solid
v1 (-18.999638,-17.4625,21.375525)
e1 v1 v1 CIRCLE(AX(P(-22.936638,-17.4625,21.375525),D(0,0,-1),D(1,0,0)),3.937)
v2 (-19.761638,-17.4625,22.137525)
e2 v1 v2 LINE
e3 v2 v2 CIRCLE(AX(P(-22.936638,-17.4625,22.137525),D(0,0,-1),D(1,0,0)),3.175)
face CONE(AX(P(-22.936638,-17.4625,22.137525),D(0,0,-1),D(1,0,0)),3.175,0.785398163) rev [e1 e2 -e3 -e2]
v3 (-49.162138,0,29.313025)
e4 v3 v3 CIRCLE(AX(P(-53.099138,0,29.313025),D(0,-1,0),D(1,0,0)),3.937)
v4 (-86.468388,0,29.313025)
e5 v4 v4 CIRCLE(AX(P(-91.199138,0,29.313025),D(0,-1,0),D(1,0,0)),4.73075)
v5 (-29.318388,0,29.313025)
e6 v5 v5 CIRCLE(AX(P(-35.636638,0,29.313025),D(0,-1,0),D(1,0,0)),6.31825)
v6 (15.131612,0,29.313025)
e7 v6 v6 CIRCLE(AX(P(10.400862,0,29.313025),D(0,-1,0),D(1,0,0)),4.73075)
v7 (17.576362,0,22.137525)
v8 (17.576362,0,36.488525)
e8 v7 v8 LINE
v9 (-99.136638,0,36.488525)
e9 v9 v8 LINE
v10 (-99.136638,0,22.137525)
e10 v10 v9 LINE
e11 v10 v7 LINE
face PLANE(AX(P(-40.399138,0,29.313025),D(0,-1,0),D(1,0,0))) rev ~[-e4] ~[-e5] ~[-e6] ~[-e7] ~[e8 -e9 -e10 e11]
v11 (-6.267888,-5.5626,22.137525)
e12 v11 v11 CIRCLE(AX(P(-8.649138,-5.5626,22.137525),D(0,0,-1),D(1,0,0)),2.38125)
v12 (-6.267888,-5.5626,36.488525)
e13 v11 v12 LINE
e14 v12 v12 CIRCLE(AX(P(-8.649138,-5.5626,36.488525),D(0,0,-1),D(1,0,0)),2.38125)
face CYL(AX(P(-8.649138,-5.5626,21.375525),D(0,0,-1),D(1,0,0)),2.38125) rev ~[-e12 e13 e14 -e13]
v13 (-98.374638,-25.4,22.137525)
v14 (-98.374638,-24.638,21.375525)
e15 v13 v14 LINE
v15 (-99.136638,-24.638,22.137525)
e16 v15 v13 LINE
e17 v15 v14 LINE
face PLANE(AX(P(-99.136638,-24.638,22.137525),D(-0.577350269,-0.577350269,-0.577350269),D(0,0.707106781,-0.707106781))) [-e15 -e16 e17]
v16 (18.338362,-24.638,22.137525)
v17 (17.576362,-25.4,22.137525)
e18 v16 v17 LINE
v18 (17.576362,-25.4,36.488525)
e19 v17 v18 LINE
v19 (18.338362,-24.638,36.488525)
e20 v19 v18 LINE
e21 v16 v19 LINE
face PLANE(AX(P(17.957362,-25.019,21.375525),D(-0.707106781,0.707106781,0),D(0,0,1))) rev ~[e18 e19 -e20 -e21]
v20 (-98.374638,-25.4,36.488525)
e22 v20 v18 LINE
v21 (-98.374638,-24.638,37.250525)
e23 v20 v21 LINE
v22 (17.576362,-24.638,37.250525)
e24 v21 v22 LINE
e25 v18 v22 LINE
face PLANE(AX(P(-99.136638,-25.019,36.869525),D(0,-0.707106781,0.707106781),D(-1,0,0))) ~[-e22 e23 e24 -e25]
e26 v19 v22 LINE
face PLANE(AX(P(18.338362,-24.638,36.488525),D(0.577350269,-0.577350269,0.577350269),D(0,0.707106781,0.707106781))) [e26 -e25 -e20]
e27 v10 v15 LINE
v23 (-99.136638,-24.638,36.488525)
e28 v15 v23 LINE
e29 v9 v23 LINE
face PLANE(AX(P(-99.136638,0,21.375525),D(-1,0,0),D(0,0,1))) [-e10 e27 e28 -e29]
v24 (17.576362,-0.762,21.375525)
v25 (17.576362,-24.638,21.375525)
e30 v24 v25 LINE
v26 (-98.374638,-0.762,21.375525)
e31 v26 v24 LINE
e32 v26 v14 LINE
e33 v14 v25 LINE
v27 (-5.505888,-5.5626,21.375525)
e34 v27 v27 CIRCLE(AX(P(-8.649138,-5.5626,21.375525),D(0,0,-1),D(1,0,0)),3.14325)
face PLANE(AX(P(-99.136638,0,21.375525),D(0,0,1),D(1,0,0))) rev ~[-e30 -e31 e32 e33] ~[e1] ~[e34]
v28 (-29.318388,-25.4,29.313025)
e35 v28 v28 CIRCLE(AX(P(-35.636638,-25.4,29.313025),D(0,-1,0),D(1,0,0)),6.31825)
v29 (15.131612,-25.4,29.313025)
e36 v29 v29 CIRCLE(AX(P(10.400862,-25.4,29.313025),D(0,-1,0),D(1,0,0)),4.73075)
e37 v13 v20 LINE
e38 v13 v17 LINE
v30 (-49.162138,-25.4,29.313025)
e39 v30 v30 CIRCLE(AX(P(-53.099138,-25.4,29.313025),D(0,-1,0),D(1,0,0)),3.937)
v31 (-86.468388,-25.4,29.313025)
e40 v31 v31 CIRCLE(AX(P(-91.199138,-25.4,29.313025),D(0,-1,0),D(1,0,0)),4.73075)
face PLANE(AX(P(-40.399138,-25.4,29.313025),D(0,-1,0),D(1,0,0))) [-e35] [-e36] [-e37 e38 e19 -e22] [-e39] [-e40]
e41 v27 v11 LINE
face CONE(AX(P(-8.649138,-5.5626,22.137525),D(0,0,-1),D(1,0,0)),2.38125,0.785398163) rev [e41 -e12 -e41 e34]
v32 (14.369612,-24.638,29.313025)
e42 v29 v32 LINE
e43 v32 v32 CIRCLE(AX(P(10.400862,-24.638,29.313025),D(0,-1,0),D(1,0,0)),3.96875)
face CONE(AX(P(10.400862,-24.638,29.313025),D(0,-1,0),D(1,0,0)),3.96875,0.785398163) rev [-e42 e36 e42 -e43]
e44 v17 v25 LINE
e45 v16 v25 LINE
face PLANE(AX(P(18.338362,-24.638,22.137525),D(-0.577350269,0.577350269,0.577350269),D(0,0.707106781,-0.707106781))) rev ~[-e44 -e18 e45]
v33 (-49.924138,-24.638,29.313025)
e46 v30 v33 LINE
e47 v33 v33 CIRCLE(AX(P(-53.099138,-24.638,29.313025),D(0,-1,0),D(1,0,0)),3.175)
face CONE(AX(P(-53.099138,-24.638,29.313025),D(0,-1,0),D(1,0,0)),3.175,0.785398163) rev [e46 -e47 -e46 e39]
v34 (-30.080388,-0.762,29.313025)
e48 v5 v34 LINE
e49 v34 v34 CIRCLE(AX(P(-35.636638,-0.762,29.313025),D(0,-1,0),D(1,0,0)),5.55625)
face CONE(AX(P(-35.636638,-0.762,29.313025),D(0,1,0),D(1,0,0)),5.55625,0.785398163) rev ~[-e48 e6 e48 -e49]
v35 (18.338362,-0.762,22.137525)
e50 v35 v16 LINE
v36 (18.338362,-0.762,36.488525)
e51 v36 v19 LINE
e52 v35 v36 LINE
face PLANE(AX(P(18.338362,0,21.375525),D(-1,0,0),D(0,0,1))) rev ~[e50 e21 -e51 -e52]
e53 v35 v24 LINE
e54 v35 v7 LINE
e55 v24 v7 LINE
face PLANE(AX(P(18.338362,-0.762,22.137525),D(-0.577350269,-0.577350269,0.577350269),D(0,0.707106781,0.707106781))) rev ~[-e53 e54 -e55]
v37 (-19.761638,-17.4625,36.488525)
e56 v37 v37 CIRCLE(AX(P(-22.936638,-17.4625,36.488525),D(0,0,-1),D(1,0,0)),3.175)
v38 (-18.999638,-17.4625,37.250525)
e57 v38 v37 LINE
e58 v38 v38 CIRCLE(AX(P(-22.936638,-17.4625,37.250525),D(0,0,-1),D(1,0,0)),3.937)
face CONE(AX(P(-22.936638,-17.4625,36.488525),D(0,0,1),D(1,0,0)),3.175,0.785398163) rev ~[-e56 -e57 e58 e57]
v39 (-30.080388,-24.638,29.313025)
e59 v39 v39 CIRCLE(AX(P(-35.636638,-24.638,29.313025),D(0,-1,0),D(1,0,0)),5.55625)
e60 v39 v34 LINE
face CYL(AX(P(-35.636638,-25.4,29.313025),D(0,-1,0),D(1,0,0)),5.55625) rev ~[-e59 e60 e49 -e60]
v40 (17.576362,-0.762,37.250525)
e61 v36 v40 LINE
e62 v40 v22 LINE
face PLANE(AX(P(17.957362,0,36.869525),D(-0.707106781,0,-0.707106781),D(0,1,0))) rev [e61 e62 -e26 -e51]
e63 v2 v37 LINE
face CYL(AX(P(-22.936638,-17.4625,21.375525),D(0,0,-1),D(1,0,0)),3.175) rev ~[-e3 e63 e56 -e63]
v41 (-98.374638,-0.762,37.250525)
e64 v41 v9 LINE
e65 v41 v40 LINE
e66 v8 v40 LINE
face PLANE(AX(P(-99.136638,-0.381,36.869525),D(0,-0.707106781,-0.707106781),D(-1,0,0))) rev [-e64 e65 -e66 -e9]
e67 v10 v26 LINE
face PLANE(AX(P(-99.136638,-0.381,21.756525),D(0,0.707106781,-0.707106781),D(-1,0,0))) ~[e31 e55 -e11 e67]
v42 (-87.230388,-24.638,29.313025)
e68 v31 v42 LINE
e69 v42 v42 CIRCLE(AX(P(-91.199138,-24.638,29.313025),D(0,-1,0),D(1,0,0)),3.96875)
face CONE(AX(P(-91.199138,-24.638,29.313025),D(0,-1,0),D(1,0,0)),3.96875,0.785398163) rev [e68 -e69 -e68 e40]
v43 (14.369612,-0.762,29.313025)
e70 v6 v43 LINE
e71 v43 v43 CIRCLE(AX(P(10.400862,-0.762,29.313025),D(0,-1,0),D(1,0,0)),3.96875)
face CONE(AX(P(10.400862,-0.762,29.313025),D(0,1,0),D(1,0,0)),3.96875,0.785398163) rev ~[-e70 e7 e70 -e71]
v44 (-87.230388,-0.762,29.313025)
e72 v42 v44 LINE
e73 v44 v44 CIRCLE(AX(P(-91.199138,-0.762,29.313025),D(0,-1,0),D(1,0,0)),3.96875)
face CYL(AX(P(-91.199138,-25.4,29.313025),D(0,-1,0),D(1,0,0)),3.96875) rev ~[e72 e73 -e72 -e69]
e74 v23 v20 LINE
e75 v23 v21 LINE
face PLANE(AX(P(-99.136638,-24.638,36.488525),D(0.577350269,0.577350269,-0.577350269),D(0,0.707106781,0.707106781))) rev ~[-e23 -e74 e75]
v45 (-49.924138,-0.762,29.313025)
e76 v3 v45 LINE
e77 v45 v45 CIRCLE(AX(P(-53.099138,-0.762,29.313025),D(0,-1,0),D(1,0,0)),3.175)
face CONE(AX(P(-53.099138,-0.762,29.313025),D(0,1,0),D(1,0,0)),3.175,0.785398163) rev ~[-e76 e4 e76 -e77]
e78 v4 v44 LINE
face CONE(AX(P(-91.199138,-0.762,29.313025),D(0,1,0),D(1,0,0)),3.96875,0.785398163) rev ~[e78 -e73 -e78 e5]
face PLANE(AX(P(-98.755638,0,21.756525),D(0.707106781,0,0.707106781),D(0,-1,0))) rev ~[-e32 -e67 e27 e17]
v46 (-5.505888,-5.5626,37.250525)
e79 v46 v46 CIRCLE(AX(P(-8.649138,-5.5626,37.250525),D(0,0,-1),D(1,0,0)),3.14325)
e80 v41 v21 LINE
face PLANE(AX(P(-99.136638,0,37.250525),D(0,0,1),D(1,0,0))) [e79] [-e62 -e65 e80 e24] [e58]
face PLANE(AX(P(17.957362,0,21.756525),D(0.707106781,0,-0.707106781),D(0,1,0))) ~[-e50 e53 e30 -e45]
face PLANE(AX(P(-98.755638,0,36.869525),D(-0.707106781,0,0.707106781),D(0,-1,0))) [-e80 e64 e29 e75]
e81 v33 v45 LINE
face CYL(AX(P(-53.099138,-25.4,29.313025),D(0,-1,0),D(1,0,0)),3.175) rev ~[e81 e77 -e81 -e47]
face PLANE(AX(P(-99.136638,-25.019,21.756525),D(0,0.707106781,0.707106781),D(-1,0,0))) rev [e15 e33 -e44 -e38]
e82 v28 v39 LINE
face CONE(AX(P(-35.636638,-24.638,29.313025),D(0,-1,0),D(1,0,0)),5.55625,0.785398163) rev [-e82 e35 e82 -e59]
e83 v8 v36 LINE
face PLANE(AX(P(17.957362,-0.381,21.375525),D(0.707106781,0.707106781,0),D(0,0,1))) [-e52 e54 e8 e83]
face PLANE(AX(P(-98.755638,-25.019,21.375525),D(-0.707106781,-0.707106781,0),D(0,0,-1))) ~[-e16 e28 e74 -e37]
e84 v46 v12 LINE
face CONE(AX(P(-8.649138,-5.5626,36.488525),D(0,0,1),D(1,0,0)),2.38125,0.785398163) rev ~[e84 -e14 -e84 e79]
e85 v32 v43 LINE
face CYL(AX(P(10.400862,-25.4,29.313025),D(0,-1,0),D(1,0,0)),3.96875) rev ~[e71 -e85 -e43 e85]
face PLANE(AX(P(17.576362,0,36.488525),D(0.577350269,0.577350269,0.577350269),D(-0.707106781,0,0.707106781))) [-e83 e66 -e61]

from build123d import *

# Parameters (mm, degrees)
F0_W     = 117.475
F0_H     = 15.875
F1_DEPTH = 25.4
F2_R     = 3.96875
F2_R_2   = 3.175
F2_R_3   = 5.55625
F3_DEPTH = 127
F4_R     = 3.175
F4_R_2   = 2.38125
F5_DEPTH = 25.4
F6_SIZE2 = 0.762
F6_SIZE  = 0.762


with BuildPart() as f1:
    # F0 (on Front) → F1 (new body)
    with BuildSketch(Plane.XZ):
        with Locations((-40.3991378844, 29.3130254295)):
            Rectangle(F0_W, F0_H)
    extrude(amount=F1_DEPTH)

    # F2 (on face) → F3 (cut)
    with BuildSketch(Plane.XZ.offset(25.4)):
        with Locations((-91.1991378844, 29.3130254295)):
            Circle(F2_R)
        with Locations((-53.0991378844, 29.3130254295)):
            Circle(F2_R_2)
        with Locations((-35.6366378844, 29.3130254295)):
            Circle(F2_R_3)
        with Locations((10.4008621156, 29.3130254295)):
            Circle(F2_R)
    extrude(amount=-F3_DEPTH, mode=Mode.SUBTRACT)

    # F4 (on face) → F5 (cut)
    with BuildSketch(Plane(origin=(0, 0, 21.3755254295), x_dir=(1, 0, 0), z_dir=(0, 0, -1))):
        with Locations((-22.9366378844, 17.4625)):
            Circle(F4_R)
        with Locations((-8.6491378844, 5.5626)):
            Circle(F4_R_2)
    extrude(amount=-F5_DEPTH, mode=Mode.SUBTRACT)

    # F6
    f6_edges = [f1.edges().sort_by_distance(p)[0] for p in [
        (-40.399138, -25.4, 21.375525),
        (-40.399138, -25.4, 37.250525),
        (18.338362, -25.4, 29.313025),
        (6.432112, -25.4, 29.313025),
        (-41.192888, -25.4, 29.313025),
        (-56.274138, -25.4, 29.313025),
        (-99.136638, -25.4, 29.313025),
        (-95.167888, -25.4, 29.313025),
        (-99.136638, -12.7, 21.375525),
        (-40.399138, 0, 21.375525),
        (-26.111638, -17.4625, 21.375525),
        (-11.030388, -5.5626, 21.375525),
        (18.338362, -12.7, 21.375525),
        (18.338362, -12.7, 37.250525),
        (18.338362, 0, 29.313025),
        (-26.111638, -17.4625, 37.250525),
        (-11.030388, -5.5626, 37.250525),
        (-40.399138, 0, 37.250525),
        (-99.136638, -12.7, 37.250525),
        (-41.192888, 0, 29.313025),
        (-56.274138, 0, 29.313025),
        (6.432112, 0, 29.313025),
        (-95.167888, 0, 29.313025),
    ]]
    chamfer(f6_edges, length=F6_SIZE, length2=F6_SIZE2)


solid = f1.part
